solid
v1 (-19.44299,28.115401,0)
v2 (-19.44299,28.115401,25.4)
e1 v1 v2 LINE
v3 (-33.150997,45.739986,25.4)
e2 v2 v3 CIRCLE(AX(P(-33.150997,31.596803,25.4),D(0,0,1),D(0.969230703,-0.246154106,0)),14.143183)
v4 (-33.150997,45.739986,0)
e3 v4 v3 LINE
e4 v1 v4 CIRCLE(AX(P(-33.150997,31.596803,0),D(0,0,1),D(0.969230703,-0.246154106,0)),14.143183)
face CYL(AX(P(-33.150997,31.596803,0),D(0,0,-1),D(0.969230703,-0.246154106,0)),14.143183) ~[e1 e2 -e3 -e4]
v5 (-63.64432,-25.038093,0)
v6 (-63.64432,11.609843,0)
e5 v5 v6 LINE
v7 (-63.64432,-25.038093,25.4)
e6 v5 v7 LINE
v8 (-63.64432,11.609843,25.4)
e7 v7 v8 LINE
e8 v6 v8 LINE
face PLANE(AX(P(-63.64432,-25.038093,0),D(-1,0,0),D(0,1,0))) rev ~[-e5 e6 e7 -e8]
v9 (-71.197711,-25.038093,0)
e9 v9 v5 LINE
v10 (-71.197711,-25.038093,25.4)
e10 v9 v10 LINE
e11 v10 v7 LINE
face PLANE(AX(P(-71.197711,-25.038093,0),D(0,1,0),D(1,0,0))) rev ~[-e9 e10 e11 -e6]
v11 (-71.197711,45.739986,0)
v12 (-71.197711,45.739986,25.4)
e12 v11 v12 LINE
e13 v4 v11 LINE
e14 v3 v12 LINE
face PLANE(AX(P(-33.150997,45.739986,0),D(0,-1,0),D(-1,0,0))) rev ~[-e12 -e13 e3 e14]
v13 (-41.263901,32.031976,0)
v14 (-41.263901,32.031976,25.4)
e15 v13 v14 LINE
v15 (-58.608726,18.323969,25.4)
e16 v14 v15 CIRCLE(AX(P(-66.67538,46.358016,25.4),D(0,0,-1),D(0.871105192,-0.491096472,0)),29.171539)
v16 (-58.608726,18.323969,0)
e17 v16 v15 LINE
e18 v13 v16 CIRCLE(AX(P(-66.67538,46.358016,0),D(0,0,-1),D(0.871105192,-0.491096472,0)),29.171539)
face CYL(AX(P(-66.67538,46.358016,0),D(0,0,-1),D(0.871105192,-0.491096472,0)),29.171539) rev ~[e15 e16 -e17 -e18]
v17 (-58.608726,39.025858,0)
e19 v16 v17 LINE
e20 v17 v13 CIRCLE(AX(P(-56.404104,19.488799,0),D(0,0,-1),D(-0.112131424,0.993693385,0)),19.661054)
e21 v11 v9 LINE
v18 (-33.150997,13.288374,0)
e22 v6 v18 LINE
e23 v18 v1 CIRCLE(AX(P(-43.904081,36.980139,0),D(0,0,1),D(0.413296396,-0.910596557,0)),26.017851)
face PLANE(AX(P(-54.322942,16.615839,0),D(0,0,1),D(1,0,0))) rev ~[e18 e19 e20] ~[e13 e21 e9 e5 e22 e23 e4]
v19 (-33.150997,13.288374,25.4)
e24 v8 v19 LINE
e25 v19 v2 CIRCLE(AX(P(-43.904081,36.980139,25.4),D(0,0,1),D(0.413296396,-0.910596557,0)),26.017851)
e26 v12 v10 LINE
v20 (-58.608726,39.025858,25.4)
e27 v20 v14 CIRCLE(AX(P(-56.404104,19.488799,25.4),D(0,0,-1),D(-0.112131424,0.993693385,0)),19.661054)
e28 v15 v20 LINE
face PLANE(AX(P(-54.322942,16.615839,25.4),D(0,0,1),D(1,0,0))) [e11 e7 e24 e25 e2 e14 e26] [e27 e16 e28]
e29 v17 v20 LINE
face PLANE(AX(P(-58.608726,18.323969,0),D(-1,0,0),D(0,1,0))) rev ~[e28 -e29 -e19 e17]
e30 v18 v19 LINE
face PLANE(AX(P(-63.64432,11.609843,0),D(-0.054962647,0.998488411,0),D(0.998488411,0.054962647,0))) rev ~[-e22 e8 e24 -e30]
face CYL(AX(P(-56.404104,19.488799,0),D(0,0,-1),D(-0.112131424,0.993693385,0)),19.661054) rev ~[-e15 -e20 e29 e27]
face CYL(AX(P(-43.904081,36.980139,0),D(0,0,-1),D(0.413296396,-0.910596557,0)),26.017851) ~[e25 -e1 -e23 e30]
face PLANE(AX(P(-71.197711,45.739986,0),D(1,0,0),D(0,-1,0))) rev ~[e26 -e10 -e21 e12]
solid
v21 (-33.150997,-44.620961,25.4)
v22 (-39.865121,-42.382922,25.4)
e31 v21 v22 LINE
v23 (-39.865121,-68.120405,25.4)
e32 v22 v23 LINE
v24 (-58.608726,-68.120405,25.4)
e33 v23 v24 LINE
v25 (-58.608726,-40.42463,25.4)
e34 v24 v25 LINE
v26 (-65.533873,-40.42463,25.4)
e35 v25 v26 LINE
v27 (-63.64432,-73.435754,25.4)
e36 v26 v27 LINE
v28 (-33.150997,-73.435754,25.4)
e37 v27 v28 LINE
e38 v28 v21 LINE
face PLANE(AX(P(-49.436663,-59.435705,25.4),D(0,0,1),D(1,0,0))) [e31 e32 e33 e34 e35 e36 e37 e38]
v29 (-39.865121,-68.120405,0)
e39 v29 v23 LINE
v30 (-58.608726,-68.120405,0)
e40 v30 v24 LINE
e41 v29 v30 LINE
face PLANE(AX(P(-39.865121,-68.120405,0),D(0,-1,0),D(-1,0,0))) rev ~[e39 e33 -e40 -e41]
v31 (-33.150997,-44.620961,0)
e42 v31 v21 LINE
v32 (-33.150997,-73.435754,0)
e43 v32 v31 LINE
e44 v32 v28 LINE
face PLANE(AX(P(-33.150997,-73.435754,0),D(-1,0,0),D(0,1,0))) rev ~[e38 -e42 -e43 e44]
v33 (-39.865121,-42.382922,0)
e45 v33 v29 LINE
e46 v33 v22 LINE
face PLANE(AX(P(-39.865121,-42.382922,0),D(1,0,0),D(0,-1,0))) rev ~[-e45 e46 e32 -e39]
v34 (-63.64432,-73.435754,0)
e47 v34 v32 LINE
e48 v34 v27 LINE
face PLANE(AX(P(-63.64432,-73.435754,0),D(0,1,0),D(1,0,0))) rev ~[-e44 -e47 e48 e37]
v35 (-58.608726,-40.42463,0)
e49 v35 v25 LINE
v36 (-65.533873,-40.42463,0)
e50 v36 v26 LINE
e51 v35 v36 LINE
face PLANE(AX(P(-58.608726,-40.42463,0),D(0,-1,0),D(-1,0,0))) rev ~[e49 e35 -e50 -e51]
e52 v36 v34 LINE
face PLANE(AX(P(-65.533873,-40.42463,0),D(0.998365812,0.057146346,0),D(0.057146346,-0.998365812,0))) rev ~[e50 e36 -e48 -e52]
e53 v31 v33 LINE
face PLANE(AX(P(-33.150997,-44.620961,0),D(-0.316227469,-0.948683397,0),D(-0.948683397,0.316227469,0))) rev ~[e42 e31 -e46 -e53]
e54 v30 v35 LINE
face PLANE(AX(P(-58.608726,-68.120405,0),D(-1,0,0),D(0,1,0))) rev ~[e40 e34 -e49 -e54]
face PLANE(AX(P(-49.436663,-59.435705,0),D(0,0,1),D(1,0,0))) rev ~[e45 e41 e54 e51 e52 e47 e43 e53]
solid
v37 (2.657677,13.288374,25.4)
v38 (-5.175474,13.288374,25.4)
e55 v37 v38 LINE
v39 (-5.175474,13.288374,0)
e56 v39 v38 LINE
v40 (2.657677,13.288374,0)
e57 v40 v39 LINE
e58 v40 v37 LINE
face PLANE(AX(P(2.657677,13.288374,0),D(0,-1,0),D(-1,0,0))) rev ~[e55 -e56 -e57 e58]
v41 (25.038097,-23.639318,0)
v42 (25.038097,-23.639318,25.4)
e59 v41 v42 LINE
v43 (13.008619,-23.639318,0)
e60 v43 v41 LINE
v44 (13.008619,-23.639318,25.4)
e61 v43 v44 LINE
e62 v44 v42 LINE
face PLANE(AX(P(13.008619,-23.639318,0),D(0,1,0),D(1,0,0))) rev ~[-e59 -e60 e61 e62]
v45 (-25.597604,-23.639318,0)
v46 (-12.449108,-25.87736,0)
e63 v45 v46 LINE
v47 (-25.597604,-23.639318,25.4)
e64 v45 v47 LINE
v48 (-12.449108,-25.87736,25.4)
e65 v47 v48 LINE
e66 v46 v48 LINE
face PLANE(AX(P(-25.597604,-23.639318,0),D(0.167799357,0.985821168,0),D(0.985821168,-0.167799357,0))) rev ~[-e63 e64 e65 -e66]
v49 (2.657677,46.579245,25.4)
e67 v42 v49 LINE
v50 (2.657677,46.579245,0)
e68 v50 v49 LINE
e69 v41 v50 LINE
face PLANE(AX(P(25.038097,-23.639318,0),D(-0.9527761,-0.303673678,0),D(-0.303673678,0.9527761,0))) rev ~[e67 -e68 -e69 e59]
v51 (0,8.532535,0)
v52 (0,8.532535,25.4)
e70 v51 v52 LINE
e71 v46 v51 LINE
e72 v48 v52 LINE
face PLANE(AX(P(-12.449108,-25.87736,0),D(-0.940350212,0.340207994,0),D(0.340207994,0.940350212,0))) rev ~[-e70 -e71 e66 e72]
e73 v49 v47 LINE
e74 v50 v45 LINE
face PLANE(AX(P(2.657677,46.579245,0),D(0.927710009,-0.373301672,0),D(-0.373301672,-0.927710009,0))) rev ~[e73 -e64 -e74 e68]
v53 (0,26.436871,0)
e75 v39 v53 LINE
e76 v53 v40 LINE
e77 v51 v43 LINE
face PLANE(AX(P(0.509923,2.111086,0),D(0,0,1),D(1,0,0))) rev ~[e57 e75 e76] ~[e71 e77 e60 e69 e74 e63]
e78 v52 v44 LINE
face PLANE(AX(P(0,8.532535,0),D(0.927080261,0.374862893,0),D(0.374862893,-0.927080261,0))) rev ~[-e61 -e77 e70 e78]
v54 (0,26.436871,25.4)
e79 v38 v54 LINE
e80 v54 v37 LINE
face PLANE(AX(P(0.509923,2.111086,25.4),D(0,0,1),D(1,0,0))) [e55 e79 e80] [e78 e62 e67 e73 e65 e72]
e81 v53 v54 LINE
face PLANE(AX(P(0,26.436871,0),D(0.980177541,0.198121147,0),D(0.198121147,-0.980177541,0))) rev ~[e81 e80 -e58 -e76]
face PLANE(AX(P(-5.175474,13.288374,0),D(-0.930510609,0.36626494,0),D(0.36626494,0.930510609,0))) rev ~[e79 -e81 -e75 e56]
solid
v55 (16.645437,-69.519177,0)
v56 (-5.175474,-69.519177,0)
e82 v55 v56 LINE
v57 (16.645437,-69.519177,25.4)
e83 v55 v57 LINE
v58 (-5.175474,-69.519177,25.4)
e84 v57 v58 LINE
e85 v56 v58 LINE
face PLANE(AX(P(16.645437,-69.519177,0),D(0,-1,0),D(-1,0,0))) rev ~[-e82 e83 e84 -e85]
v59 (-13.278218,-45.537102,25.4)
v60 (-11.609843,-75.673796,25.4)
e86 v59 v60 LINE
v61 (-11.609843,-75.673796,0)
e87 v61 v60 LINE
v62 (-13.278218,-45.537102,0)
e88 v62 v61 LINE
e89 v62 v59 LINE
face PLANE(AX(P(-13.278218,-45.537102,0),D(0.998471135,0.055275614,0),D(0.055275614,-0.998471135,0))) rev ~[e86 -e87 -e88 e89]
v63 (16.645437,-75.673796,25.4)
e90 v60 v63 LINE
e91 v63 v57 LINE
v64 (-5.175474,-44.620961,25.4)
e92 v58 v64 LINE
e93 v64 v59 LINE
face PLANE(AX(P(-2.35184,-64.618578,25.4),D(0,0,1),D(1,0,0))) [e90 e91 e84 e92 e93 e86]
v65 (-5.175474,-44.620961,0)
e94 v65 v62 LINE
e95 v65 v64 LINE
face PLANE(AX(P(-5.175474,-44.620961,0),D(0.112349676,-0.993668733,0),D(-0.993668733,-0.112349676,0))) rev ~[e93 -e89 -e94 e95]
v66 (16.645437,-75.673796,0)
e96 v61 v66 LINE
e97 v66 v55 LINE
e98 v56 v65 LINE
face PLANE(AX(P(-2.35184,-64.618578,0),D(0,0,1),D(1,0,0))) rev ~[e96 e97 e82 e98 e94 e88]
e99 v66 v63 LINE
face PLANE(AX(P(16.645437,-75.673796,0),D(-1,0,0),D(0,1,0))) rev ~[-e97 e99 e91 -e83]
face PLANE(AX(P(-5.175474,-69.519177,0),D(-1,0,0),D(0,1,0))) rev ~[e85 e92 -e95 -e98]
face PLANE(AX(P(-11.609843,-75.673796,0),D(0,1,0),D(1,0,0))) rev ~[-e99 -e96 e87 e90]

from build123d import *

# Parameters (mm, degrees)
F1_DEPTH = 25.4


with BuildPart() as f1:
    # F0 (on Top) → F1 (new body)
    with BuildSketch(Plane.XY):
        with BuildLine():
            Line((-33.150997, 45.739986), (-71.197711, 45.739986))
            Line((-71.197711, 45.739986), (-71.197711, -25.038093))
            Line((-71.197711, -25.038093), (-63.64432, -25.038093))
            Line((-63.64432, -25.038093), (-63.64432, 11.609843))
            Line((-63.64432, 11.609843), (-33.150997, 13.288374))
            ThreePointArc((-33.150997, 13.288374), (-24.799901, 19.317782), (-19.44299, 28.115401))
            ThreePointArc((-19.44299, 28.115401), (-21.987043, 40.279876), (-33.150997, 45.739986))
        make_face()
        with BuildLine():
            Line((-58.608726, 18.323969), (-58.608726, 39.025858))
            ThreePointArc((-58.608726, 39.025858), (-49.051491, 37.723275), (-41.263901, 32.031976))
            ThreePointArc((-41.263901, 32.031976), (-48.587436, 23.47123), (-58.608726, 18.323969))
        make_face(mode=Mode.SUBTRACT)
        Polygon((25.038097, -23.639318), (2.657677, 46.579245), (-25.597604, -23.639318), (-12.449108, -25.87736), (0, 8.532535), (13.008619, -23.639318), align=None)
        Polygon((-5.175474, 13.288374), (0, 26.436871), (2.657677, 13.288374), align=None, mode=Mode.SUBTRACT)
        Polygon((-58.608726, -68.120405), (-58.608726, -40.42463), (-65.533873, -40.42463), (-63.64432, -73.435754), (-33.150997, -73.435754), (-33.150997, -44.620961), (-39.865121, -42.382922), (-39.865121, -68.120405), align=None)
        Polygon((-5.175474, -69.519177), (-5.175474, -44.620961), (-13.278218, -45.537102), (-11.609843, -75.673796), (16.645437, -75.673796), (16.645437, -69.519177), align=None)
    extrude(amount=F1_DEPTH)


solid = f1.part
